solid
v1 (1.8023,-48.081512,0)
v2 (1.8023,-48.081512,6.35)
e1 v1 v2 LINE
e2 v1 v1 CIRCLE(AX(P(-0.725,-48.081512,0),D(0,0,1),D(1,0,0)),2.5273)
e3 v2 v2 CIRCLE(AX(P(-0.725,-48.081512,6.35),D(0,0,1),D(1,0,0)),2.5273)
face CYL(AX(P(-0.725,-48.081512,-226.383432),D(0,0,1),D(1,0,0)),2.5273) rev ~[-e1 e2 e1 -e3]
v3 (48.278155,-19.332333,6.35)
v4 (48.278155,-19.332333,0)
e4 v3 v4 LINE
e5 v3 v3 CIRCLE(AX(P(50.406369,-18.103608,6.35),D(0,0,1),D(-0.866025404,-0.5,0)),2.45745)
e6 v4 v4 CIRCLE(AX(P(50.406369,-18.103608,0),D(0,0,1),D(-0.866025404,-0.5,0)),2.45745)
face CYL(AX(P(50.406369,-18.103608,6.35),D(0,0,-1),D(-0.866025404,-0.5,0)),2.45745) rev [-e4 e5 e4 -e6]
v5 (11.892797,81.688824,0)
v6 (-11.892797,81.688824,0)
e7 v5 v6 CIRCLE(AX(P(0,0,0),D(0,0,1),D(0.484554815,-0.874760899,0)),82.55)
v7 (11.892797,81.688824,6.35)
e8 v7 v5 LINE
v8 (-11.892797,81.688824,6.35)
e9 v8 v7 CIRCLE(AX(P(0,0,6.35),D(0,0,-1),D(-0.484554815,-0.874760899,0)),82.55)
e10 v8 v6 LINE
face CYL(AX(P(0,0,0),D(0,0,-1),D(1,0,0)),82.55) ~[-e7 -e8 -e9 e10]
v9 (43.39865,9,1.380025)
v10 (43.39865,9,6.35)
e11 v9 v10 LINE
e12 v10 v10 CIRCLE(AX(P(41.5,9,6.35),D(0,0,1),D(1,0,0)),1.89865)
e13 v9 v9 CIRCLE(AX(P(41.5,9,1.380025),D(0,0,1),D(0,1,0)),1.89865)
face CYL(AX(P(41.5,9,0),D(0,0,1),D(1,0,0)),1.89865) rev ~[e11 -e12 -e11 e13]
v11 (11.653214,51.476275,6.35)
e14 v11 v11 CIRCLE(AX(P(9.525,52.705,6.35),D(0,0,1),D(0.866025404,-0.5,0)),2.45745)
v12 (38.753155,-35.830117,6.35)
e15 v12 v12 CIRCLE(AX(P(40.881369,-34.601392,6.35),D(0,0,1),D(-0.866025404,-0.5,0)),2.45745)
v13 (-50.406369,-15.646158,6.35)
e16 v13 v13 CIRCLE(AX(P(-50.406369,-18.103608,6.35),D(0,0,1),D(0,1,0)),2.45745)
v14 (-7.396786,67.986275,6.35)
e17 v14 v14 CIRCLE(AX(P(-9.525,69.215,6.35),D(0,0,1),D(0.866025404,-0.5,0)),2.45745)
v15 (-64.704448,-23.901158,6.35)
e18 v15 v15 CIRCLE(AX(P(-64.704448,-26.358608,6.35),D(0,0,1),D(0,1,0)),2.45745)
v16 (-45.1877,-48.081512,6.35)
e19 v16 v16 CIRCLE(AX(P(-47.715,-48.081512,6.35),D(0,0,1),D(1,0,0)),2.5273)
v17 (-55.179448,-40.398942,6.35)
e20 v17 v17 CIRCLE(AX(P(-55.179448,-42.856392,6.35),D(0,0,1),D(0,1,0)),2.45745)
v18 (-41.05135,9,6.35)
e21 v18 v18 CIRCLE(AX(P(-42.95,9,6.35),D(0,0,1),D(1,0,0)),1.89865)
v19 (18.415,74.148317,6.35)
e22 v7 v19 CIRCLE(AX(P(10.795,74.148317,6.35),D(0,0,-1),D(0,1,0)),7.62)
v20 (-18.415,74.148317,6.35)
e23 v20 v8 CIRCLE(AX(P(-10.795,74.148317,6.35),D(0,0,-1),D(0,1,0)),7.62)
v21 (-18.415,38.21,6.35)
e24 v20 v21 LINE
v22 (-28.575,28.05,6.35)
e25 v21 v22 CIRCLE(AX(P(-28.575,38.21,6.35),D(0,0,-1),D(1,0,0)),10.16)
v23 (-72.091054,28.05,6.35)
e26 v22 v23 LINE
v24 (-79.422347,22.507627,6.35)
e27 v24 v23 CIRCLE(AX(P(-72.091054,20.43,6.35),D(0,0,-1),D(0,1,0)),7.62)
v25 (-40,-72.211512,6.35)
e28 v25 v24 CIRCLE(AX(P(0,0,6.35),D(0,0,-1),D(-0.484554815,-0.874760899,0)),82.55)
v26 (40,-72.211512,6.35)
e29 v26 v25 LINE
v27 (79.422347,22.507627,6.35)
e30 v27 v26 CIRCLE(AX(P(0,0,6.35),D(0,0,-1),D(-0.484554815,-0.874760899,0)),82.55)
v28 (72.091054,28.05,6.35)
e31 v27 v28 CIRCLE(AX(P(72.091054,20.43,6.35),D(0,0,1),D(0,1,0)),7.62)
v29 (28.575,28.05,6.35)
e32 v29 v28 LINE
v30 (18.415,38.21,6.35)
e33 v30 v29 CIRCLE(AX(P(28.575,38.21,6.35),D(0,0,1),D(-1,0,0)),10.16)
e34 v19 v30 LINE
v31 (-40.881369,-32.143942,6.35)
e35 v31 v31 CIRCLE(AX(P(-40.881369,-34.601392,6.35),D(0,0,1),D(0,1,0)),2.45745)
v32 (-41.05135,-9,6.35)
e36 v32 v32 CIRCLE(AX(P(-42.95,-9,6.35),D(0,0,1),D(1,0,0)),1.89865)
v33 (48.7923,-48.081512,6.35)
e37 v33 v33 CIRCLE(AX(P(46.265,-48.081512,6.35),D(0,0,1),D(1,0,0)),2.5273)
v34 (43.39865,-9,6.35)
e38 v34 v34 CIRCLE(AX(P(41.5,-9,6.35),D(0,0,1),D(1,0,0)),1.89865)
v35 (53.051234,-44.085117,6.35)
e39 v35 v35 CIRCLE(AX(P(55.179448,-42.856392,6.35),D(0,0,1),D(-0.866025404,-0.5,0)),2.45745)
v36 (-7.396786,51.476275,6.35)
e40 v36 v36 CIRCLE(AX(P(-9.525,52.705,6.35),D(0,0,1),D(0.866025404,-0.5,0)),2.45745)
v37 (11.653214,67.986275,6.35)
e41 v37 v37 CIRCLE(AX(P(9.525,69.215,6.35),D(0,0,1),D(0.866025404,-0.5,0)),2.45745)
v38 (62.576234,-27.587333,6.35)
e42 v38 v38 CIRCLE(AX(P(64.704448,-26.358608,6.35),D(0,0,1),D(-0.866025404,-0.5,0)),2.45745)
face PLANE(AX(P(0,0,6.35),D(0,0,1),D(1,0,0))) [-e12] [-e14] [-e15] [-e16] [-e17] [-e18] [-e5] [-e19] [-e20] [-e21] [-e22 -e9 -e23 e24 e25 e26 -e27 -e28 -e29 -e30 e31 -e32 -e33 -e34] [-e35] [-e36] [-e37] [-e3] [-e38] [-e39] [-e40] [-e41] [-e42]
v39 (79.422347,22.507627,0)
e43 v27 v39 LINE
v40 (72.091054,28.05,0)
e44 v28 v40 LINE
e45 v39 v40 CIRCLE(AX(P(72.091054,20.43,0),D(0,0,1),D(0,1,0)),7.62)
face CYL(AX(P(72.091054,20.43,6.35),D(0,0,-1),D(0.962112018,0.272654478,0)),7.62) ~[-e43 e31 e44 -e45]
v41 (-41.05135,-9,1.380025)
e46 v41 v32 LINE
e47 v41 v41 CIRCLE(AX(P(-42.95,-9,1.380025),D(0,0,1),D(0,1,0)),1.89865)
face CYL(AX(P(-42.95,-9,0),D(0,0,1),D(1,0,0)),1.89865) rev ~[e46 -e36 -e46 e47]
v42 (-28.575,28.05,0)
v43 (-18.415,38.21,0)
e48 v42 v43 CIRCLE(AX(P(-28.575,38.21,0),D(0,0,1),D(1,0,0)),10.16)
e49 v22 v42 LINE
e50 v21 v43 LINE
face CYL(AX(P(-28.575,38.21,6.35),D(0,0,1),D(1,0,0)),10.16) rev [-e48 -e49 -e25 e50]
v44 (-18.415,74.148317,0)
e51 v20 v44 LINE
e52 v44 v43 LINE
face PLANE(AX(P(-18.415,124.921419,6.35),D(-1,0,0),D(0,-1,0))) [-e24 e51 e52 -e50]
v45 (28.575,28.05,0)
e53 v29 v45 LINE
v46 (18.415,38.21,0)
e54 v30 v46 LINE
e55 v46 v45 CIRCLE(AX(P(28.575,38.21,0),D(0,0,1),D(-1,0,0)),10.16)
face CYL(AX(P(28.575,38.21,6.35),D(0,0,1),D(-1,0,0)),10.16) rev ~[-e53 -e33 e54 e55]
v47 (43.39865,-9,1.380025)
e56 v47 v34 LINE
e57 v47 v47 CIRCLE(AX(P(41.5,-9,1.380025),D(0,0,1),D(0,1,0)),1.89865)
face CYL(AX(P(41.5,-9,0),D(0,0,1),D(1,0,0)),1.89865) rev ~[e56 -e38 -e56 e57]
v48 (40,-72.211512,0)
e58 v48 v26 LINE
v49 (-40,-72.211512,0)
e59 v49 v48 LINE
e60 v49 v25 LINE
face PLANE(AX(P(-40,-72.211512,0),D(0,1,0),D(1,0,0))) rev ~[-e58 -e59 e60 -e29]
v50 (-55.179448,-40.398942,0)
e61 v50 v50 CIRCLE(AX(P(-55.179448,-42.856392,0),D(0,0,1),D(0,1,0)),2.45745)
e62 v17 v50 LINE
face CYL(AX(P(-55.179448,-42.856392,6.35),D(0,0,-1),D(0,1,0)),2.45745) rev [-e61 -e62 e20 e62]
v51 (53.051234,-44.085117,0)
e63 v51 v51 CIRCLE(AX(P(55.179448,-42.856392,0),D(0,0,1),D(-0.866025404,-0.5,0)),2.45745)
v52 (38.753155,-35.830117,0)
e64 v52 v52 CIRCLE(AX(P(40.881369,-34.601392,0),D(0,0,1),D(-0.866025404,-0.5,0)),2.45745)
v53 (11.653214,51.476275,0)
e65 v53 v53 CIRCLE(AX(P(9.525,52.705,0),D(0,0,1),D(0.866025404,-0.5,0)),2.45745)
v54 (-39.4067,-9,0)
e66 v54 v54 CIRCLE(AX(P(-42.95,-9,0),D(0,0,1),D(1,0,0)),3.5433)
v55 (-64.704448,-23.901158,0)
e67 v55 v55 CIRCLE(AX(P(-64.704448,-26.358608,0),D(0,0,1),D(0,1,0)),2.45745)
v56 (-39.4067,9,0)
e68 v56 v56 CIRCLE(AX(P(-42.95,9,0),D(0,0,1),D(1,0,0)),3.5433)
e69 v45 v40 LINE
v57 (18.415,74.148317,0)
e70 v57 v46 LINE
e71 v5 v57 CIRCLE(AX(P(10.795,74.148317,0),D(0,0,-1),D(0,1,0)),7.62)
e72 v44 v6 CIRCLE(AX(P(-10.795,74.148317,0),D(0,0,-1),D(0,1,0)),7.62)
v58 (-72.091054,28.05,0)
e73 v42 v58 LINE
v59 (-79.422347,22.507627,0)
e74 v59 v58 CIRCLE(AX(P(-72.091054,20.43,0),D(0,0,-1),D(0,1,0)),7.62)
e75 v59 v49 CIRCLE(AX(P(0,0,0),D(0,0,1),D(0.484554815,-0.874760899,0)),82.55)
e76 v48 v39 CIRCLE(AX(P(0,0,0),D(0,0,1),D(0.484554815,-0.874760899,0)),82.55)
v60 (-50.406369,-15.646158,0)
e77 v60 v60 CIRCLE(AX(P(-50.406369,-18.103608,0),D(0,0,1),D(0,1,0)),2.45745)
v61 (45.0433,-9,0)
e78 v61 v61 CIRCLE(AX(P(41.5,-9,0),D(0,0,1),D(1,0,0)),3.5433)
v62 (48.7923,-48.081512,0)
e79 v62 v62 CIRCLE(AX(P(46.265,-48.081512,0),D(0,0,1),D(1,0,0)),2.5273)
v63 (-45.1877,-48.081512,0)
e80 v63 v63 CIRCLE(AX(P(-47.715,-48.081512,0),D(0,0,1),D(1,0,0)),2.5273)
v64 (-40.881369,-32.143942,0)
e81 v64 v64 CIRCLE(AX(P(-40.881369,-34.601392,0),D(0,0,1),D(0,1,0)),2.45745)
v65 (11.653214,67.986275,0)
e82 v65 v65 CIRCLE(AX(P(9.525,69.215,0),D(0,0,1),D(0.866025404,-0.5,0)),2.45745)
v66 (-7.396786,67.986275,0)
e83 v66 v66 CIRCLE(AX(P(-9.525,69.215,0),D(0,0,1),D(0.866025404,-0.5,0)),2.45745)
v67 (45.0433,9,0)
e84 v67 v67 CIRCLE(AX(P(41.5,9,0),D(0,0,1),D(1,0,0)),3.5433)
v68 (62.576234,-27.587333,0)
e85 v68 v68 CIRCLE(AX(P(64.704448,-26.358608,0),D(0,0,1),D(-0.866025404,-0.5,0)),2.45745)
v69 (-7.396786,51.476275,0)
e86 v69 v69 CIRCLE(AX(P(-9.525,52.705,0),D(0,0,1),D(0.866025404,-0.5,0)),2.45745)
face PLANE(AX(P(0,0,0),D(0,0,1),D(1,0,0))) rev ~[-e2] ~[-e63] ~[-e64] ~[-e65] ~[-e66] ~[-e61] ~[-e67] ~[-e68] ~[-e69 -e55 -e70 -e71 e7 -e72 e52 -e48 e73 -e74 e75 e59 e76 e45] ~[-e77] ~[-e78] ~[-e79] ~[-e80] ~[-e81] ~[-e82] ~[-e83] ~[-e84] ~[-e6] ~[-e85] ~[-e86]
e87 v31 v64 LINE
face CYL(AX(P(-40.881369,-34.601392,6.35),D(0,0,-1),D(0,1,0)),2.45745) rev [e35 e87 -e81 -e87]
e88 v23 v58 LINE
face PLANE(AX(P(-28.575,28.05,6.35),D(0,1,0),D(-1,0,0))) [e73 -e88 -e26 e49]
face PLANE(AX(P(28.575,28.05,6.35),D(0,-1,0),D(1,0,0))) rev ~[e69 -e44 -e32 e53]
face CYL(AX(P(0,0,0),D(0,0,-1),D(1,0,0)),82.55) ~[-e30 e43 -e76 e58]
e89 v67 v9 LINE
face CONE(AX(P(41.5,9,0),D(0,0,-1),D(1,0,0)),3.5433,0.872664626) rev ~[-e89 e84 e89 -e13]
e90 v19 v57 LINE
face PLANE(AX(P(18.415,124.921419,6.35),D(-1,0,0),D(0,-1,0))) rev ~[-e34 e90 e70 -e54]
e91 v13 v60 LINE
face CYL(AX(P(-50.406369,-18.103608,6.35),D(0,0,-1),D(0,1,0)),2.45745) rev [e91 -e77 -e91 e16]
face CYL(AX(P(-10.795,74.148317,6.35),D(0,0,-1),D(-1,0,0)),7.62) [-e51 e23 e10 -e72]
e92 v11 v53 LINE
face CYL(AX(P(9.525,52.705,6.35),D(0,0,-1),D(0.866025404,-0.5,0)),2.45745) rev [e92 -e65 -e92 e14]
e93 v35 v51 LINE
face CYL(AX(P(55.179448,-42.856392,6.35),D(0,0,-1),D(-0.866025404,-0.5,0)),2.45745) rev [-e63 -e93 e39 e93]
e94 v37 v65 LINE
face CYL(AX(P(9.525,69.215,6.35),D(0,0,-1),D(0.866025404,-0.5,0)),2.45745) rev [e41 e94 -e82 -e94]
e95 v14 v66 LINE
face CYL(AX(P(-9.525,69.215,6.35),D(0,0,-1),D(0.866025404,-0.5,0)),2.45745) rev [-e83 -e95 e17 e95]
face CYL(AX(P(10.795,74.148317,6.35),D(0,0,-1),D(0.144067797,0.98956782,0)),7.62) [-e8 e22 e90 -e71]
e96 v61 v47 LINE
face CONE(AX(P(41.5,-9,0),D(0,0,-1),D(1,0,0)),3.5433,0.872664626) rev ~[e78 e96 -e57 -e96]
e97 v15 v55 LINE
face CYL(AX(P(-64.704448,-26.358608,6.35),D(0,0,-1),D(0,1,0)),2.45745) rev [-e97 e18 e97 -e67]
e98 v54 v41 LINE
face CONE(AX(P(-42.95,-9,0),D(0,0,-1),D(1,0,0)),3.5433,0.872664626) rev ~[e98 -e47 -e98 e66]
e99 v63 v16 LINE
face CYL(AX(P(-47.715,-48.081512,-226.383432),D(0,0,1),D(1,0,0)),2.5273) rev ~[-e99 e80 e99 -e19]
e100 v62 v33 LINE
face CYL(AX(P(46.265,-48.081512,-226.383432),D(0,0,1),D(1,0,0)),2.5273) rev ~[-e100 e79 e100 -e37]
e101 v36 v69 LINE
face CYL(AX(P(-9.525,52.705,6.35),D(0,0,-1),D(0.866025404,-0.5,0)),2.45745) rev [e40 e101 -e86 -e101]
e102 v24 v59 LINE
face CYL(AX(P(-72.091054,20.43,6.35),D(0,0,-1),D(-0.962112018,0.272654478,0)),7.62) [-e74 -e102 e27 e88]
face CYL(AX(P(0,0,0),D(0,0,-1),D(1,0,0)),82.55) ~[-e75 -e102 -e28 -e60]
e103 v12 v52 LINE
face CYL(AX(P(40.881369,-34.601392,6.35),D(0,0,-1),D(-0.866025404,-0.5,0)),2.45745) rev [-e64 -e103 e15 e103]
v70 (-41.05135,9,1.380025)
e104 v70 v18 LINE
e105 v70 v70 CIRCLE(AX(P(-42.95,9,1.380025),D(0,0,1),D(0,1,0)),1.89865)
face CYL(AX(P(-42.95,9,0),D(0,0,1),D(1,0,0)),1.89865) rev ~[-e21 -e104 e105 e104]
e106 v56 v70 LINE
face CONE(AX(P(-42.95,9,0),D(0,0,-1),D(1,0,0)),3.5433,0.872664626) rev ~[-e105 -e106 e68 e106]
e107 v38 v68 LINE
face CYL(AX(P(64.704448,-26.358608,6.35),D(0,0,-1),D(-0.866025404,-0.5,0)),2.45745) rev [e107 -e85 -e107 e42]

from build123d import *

# Parameters (mm, degrees)
SKETCH1_R                                         = 82.55
BASE_DEPTH                                        = 6.35
CSK_FOR_6_FLAT_HEAD_MACHINE_SCREW_100_D           = 3.7973
CSK_FOR_6_FLAT_HEAD_MACHINE_SCREW_100_CSINK_D     = 7.0866
CSK_FOR_6_FLAT_HEAD_MACHINE_SCREW_100_CSINK_ANGLE = 100
CUT_EXTRUDE1_DEPTH                                = 117.915899261
F_10_0_1935_DIAMETER_HOLE1_AT_2_COUNT             = 2
F_10_0_1935_DIAMETER_HOLE1_AT_2_PITCH             = 19.05
F_10_0_1935_DIAMETER_HOLE1_AT_3_COUNT             = 2
F_10_0_1935_DIAMETER_HOLE1_AT_3_PITCH             = 25.208780216
F_10_0_1935_DIAMETER_HOLE1_AT_4_COUNT             = 2
F_10_0_1935_DIAMETER_HOLE1_AT_4_PITCH             = 16.51
CIRPATTERN1_COUNT                                 = 3
CUT_EXTRUDE3_DEPTH                                = 117.915899261
FILLET1_R                                         = 7.62
F_8_0_199_DIAMETER_HOLE1_D                        = 5.0546


with BuildPart() as part:
    # Sketch1 → Base (new body)
    with BuildSketch(Plane.XY):
        Circle(SKETCH1_R)
    extrude(amount=BASE_DEPTH)

    # CSK for _6 Flat Head Machine Screw _100 (through all)
    with Locations(Plane(origin=(0, 0, 0), x_dir=(-1, 0, 0), z_dir=(0, 0, -1))):
        with Locations((-41.5, 9), (-41.5, -9), (42.95, 9), (42.95, -9)):
            CounterSinkHole(CSK_FOR_6_FLAT_HEAD_MACHINE_SCREW_100_D / 2, CSK_FOR_6_FLAT_HEAD_MACHINE_SCREW_100_CSINK_D / 2, counter_sink_angle=CSK_FOR_6_FLAT_HEAD_MACHINE_SCREW_100_CSINK_ANGLE)

    # Sketch8 → Cut-Extrude1 (cut, through all)
    with BuildSketch(Plane(origin=(0, 0, 0), x_dir=(-1, 0, 0), z_dir=(0, 0, -1))):
        with BuildLine():
            Line((40, -72.21151224), (-40, -72.21151224))
            ThreePointArc((-40, -72.21151224), (0, -82.55), (40, -72.21151224))
        make_face()
    extrude(amount=-CUT_EXTRUDE1_DEPTH, mode=Mode.SUBTRACT)

    # Sketch12 → #10 (0.1935) Diameter Hole1 (revolve, cut)
    with BuildSketch(Plane(origin=(-40.881368906, -34.601391971, 0), x_dir=(0, 1, 0), z_dir=(1, 0, 0))):
        Polygon((0, 0), (0, 7.826584928), (2.45745, 6.35), (2.45745, 0), align=None)
    f_10_0_1935_diameter_hole1 = revolve(axis=Axis((-40.881368906, -34.601391971, -6.35), (0, 0, 1)), mode=Mode.SUBTRACT)

    # #10 (0.1935) Diameter Hole1 at 2: #10 (0.1935) Diameter Hole1 ×2
    with Locations(*[Vector(-0.4999999999999995, 0.866025403784439, 0) * (i * F_10_0_1935_DIAMETER_HOLE1_AT_2_PITCH) for i in range(1, F_10_0_1935_DIAMETER_HOLE1_AT_2_COUNT)]):
        add(f_10_0_1935_diameter_hole1, mode=Mode.SUBTRACT)

    # #10 (0.1935) Diameter Hole1 at 3: #10 (0.1935) Diameter Hole1 ×2
    with Locations(*[Vector(-0.9450310253789799, 0.32698067384962365, 0) * (i * F_10_0_1935_DIAMETER_HOLE1_AT_3_PITCH) for i in range(1, F_10_0_1935_DIAMETER_HOLE1_AT_3_COUNT)]):
        add(f_10_0_1935_diameter_hole1, mode=Mode.SUBTRACT)

    # #10 (0.1935) Diameter Hole1 at 4: #10 (0.1935) Diameter Hole1 ×2
    with Locations(*[Vector(-0.8660254037844388, -0.49999999999999967, 0) * (i * F_10_0_1935_DIAMETER_HOLE1_AT_4_PITCH) for i in range(1, F_10_0_1935_DIAMETER_HOLE1_AT_4_COUNT)]):
        add(f_10_0_1935_diameter_hole1, mode=Mode.SUBTRACT)

    # CirPattern1: #10 (0.1935) Diameter Hole1 ×3 about axis
    cirpattern1_axis = Axis((0, 0, 0), (0, 0, 1))
    for i in range(1, CIRPATTERN1_COUNT):
        add(f_10_0_1935_diameter_hole1.rotate(cirpattern1_axis, i * 360 / CIRPATTERN1_COUNT), mode=Mode.SUBTRACT)

    # CirPattern1 copy 1 sketch → CirPattern1 copy 1 (revolve, cut)
    with BuildSketch(Plane(origin=(40.881368906, -34.601391971, 0), x_dir=(-0.8660254037844387, -0.4999999999999998, 0), z_dir=(-0.4999999999999998, 0.8660254037844387, 0))):
        Polygon((0, 0), (0, 7.826584928), (2.45745, 6.35), (2.45745, 0), align=None)
    revolve(axis=Axis((40.881368906, -34.601391971, -6.35), (0, 0, 1)), mode=Mode.SUBTRACT)

    # CirPattern1 copy 2 sketch → CirPattern1 copy 2 (revolve, cut)
    with BuildSketch(Plane(origin=(9.525, 52.705, 0), x_dir=(0.8660254037844384, -0.5000000000000004, 0), z_dir=(-0.5000000000000004, -0.8660254037844384, 0))):
        Polygon((0, 0), (0, 7.826584928), (2.45745, 6.35), (2.45745, 0), align=None)
    revolve(axis=Axis((9.525, 52.705, -6.35), (0, 0, 1)), mode=Mode.SUBTRACT)

    # CirPattern1 copy 3 sketch → CirPattern1 copy 3 (revolve, cut)
    with BuildSketch(Plane(origin=(55.179448323, -42.856391971, 0), x_dir=(-0.8660254037844387, -0.4999999999999998, 0), z_dir=(-0.4999999999999998, 0.8660254037844387, 0))):
        Polygon((0, 0), (0, 7.826584928), (2.45745, 6.35), (2.45745, 0), align=None)
    revolve(axis=Axis((55.179448323, -42.856391971, -6.35), (0, 0, 1)), mode=Mode.SUBTRACT)

    # CirPattern1 copy 4 sketch → CirPattern1 copy 4 (revolve, cut)
    with BuildSketch(Plane(origin=(9.525, 69.215, 0), x_dir=(0.8660254037844384, -0.5000000000000004, 0), z_dir=(-0.5000000000000004, -0.8660254037844384, 0))):
        Polygon((0, 0), (0, 7.826584928), (2.45745, 6.35), (2.45745, 0), align=None)
    revolve(axis=Axis((9.525, 69.215, -6.35), (0, 0, 1)), mode=Mode.SUBTRACT)

    # CirPattern1 copy 5 sketch → CirPattern1 copy 5 (revolve, cut)
    with BuildSketch(Plane(origin=(64.704448323, -26.358608029, 0), x_dir=(-0.8660254037844387, -0.4999999999999998, 0), z_dir=(-0.4999999999999998, 0.8660254037844387, 0))):
        Polygon((0, 0), (0, 7.826584928), (2.45745, 6.35), (2.45745, 0), align=None)
    revolve(axis=Axis((64.704448323, -26.358608029, -6.35), (0, 0, 1)), mode=Mode.SUBTRACT)

    # CirPattern1 copy 6 sketch → CirPattern1 copy 6 (revolve, cut)
    with BuildSketch(Plane(origin=(-9.525, 69.215, 0), x_dir=(0.8660254037844384, -0.5000000000000004, 0), z_dir=(-0.5000000000000004, -0.8660254037844384, 0))):
        Polygon((0, 0), (0, 7.826584928), (2.45745, 6.35), (2.45745, 0), align=None)
    revolve(axis=Axis((-9.525, 69.215, -6.35), (0, 0, 1)), mode=Mode.SUBTRACT)

    # Sketch14 → Cut-Extrude3 (cut, through all)
    with BuildSketch(Plane.XY.offset(6.35)):
        with BuildLine():
            Line((-28.575, 28.05), (-123.194399556, 28.05))
            Line((-123.194399556, 28.05), (-123.194399556, 124.921419199))
            Line((-123.194399556, 124.921419199), (-18.415, 124.921419199))
            Line((-18.415, 124.921419199), (-18.415, 38.21))
            ThreePointArc((-18.415, 38.21), (-21.390795103, 31.025795103), (-28.575, 28.05))
        make_face()
        with BuildLine():
            Line((123.194399556, 28.05), (123.194399556, 124.921419199))
            Line((123.194399556, 124.921419199), (18.415, 124.921419199))
            Line((18.415, 124.921419199), (18.415, 38.21))
            ThreePointArc((18.415, 38.21), (21.390795103, 31.025795103), (28.575, 28.05))
            Line((28.575, 28.05), (123.194399556, 28.05))
        make_face()
    extrude(amount=-CUT_EXTRUDE3_DEPTH, mode=Mode.SUBTRACT)

    # Fillet1
    fillet1_edges = [part.edges().sort_by_distance(p)[0] for p in [
        (-18.415, 80.469809711, 3.175),
        (-77.638263762, 28.05, 3.175),
        (18.415, 80.469809711, 3.175),
        (77.638263762, 28.05, 3.175),
    ]]
    fillet(fillet1_edges, radius=FILLET1_R)

    # #8 (0.199) Diameter Hole1 (through all)
    with Locations(Plane(origin=(0, 0, 0), x_dir=(-1, 0, 0), z_dir=(0, 0, -1))):
        with Locations((47.715, -48.08151224), (0.725, -48.08151224), (-46.265, -48.08151224)):
            Hole(F_8_0_199_DIAMETER_HOLE1_D / 2)


solid = part.part
